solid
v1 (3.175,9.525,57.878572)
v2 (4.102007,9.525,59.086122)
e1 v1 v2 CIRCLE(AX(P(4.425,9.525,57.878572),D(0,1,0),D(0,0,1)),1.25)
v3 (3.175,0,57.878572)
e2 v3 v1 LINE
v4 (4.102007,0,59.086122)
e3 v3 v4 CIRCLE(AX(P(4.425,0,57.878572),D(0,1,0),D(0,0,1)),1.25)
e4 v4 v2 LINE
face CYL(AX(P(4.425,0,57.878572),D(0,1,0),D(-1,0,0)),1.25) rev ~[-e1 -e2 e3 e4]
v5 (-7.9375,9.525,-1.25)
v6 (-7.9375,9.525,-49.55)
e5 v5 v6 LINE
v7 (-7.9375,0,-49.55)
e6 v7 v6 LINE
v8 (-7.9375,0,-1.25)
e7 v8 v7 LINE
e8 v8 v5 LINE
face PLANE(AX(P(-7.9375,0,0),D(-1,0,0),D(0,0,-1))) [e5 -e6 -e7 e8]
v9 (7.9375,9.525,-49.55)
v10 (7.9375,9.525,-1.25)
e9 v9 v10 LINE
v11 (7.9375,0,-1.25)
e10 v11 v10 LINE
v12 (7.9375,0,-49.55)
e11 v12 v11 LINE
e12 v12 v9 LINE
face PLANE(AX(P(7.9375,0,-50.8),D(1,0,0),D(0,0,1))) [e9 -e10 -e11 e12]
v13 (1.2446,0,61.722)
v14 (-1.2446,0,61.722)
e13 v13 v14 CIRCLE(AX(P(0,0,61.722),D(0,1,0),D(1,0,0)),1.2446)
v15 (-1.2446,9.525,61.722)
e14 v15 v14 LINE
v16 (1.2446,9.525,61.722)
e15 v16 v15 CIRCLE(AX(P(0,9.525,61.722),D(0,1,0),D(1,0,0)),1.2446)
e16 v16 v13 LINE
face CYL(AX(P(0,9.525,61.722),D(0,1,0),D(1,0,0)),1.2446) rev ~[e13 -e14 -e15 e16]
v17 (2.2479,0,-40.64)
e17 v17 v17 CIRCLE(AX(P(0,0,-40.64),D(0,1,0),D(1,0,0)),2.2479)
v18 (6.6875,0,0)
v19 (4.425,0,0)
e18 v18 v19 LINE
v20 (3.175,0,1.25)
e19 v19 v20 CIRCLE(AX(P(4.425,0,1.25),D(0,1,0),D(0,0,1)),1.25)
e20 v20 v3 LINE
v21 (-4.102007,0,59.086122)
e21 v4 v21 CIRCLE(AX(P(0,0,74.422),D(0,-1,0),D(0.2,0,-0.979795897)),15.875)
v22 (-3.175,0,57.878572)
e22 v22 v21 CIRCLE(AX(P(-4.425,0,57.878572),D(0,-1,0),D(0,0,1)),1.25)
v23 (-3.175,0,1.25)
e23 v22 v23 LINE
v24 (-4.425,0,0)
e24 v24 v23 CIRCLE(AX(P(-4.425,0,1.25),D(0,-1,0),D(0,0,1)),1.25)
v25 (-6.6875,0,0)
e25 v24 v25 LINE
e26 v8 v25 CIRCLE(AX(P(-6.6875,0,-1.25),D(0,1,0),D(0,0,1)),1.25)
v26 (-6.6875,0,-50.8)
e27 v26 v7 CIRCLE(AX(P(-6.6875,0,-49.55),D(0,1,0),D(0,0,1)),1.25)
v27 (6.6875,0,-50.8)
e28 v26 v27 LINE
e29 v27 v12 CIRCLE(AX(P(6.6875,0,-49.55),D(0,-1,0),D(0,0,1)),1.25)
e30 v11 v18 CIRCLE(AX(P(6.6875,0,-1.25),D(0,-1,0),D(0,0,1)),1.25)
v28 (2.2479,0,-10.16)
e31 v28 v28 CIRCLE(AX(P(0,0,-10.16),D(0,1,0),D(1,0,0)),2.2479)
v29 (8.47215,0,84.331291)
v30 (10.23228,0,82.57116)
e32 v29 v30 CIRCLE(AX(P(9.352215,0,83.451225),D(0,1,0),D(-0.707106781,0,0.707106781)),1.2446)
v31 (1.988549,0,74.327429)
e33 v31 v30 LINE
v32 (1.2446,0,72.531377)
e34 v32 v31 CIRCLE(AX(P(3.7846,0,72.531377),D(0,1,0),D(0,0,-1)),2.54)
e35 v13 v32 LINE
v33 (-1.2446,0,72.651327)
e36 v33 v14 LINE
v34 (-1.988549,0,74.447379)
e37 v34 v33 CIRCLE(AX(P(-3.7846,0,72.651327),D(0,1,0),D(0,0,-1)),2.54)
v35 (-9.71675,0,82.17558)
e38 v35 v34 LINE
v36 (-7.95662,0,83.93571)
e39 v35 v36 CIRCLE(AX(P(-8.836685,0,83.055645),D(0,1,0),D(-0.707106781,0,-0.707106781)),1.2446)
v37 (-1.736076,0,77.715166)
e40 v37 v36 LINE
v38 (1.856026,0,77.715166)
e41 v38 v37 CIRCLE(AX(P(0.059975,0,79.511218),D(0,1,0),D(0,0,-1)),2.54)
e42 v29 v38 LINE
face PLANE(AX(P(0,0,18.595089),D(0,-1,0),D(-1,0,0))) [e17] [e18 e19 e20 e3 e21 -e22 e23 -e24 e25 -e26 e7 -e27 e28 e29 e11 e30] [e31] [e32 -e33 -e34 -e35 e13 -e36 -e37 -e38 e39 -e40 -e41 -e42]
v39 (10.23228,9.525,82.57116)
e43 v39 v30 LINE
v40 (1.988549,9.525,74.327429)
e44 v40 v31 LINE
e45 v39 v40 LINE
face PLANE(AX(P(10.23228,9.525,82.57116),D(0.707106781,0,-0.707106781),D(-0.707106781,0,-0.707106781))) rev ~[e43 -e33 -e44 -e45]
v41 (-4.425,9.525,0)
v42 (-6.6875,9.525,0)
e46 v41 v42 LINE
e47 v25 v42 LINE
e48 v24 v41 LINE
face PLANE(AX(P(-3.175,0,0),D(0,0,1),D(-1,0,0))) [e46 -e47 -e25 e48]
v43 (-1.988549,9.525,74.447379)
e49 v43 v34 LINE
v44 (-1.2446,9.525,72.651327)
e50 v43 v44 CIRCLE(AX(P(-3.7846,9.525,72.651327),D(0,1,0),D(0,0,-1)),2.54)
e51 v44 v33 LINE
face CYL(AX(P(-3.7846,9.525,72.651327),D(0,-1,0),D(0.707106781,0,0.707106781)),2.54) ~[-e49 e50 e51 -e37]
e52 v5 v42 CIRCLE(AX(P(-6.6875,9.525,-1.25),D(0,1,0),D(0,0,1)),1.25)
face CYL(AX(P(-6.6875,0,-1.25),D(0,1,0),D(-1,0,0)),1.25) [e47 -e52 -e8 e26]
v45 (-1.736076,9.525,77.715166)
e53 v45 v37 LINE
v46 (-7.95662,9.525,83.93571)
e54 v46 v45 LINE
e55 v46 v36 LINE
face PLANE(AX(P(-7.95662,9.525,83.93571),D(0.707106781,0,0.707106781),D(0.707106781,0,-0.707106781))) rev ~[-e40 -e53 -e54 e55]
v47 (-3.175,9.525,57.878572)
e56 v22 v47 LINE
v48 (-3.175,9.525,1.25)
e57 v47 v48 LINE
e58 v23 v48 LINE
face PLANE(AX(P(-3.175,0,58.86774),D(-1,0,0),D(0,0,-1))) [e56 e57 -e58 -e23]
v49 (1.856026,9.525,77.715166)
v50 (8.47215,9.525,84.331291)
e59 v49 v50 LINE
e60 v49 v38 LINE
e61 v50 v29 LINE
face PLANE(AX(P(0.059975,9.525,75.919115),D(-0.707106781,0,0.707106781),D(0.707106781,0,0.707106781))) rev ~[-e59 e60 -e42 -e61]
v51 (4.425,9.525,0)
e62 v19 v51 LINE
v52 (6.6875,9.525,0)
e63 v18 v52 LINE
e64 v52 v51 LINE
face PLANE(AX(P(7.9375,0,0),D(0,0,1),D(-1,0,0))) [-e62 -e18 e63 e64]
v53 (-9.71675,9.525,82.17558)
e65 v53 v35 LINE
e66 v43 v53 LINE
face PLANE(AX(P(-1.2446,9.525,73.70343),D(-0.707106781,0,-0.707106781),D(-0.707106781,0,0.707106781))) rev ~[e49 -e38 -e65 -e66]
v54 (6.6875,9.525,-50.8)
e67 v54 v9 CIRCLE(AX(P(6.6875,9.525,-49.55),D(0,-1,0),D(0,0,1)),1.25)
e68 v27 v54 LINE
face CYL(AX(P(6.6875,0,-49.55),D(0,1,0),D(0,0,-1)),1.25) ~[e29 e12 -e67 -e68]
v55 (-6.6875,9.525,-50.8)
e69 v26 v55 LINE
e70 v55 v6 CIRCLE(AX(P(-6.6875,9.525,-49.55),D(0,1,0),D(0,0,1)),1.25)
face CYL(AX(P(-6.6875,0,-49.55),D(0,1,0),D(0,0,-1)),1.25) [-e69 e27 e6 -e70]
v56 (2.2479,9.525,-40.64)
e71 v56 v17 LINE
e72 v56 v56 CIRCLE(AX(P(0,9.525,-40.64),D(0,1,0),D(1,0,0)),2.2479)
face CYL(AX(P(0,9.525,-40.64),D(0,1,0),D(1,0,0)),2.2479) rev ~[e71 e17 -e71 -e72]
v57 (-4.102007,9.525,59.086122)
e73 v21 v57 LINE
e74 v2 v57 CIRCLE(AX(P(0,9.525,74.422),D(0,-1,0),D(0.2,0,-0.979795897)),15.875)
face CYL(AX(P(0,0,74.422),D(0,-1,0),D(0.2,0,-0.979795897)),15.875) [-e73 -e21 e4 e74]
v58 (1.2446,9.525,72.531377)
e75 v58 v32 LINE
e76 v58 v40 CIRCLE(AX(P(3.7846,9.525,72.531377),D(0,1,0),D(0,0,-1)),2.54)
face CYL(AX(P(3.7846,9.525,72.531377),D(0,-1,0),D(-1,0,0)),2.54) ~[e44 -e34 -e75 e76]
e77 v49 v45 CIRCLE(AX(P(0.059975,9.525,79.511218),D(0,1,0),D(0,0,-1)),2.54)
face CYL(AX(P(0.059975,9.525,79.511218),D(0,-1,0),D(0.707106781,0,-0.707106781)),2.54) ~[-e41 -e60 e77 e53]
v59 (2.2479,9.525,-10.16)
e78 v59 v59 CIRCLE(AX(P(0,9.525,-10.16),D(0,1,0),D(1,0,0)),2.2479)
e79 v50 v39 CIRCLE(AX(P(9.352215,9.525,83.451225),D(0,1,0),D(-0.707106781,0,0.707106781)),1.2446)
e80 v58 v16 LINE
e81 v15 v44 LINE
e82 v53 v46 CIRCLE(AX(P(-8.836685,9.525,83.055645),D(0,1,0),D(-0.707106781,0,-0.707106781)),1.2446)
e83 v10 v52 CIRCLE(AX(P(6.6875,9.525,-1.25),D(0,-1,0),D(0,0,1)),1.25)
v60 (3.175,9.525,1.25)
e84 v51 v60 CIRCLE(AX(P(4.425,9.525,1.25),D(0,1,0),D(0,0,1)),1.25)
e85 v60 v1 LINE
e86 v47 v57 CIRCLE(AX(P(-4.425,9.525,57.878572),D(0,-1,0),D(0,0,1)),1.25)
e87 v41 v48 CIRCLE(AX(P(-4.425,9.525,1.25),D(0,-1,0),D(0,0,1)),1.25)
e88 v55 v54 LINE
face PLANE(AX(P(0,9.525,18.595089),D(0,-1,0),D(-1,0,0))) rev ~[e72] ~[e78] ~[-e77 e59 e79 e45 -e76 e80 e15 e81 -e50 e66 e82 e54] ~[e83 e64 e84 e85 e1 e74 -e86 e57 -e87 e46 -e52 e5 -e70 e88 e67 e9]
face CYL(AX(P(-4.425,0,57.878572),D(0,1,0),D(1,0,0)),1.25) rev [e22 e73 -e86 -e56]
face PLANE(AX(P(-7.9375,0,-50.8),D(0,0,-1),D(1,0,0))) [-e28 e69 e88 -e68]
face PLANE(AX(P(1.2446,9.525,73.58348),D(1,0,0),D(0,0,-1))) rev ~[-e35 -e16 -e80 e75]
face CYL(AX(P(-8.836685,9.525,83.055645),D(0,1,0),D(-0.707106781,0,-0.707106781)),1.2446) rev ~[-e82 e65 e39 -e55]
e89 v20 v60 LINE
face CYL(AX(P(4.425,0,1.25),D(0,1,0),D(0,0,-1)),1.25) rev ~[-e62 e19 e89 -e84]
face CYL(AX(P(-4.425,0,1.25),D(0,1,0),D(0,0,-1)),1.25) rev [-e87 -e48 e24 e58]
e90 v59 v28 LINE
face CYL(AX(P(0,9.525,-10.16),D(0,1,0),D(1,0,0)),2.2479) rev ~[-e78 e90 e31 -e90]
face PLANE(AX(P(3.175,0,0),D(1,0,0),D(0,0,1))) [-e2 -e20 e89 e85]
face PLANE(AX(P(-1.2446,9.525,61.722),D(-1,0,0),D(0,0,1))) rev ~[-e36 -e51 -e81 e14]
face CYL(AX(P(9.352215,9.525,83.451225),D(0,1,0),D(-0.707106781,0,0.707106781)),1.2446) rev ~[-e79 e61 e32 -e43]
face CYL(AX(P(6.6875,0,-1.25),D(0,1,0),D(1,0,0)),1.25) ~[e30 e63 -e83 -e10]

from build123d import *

# Parameters (mm, degrees)
BOSS_EXTRUDE1_DEPTH = 9.525
SKETCH2_R           = 2.2479
CUT_EXTRUDE1_DEPTH  = 10.525
CUT_EXTRUDE2_DEPTH  = 10.525
FILLET1_R           = 1.25
FILLET2_R           = 2.54


with BuildPart() as part:
    # Sketch1 → Boss-Extrude1 (new body)
    with BuildSketch(Plane(origin=(0, 0, 0), x_dir=(1, 0, 0), z_dir=(0, 1, 0))):
        with BuildLine():
            Line((-7.9375, 50.8), (7.9375, 50.8))
            Line((7.9375, 50.8), (7.9375, 0))
            Line((7.9375, 0), (3.175, 0))
            Line((3.175, 0), (3.175, -58.867740133))
            ThreePointArc((3.175, -58.867740133), (0, -90.297), (-3.175, -58.867740133))
            Line((-3.175, -58.867740133), (-3.175, 0))
            Line((-3.175, 0), (-7.9375, 0))
            Line((-7.9375, 0), (-7.9375, 50.8))
        make_face()
    extrude(amount=BOSS_EXTRUDE1_DEPTH)

    # Sketch2 → Cut-Extrude1 (cut, through all)
    with BuildSketch(Plane(origin=(0, 9.525, 0), x_dir=(1, 0, 0), z_dir=(0, 1, 0))):
        with Locations((0, 40.64)):
            Circle(SKETCH2_R)
        with Locations((0, 10.16)):
            Circle(SKETCH2_R)
    extrude(amount=-CUT_EXTRUDE1_DEPTH, mode=Mode.SUBTRACT)

    # Sketch3 → Cut-Extrude2 (cut, through all)
    with BuildSketch(Plane(origin=(0, 9.525, 0), x_dir=(1, 0, 0), z_dir=(0, 1, 0))):
        with BuildLine():
            Line((0.059974982, -75.919115272), (8.472150299, -84.331290589))
            ThreePointArc((8.472150299, -84.331290589), (10.232280498, -84.331290589), (10.232280498, -82.571160389))
            Line((10.232280498, -82.571160389), (1.2446, -73.583479891))
            Line((1.2446, -73.583479891), (1.2446, -61.722))
            ThreePointArc((1.2446, -61.722), (0, -60.4774), (-1.2446, -61.722))
            Line((-1.2446, -61.722), (-1.2446, -73.703429855))
            Line((-1.2446, -73.703429855), (-9.716750299, -82.175580154))
            ThreePointArc((-9.716750299, -82.175580154), (-9.716750299, -83.935710353), (-7.956620099, -83.935710353))
            Line((-7.956620099, -83.935710353), (0.059974982, -75.919115272))
        make_face()
    extrude(amount=-CUT_EXTRUDE2_DEPTH, mode=Mode.SUBTRACT)

    # Fillet1
    fillet1_edges = [part.edges().sort_by_distance(p)[0] for p in [
        (-7.9375, 4.7625, -50.8),
        (7.9375, 4.7625, -50.8),
        (7.9375, 4.7625, 0),
        (3.175, 4.7625, 0),
        (3.175, 4.7625, 58.867740133),
        (-3.175, 4.7625, 58.867740133),
        (-3.175, 4.7625, 0),
        (-7.9375, 4.7625, 0),
    ]]
    fillet(fillet1_edges, radius=FILLET1_R)

    # Fillet2
    fillet2_edges = [part.edges().sort_by_distance(p)[0] for p in [
        (1.2446, 4.7625, 73.583479891),
        (0.059974982, 4.7625, 75.919115272),
        (-1.2446, 4.7625, 73.703429855),
    ]]
    fillet(fillet2_edges, radius=FILLET2_R)


solid = part.part
